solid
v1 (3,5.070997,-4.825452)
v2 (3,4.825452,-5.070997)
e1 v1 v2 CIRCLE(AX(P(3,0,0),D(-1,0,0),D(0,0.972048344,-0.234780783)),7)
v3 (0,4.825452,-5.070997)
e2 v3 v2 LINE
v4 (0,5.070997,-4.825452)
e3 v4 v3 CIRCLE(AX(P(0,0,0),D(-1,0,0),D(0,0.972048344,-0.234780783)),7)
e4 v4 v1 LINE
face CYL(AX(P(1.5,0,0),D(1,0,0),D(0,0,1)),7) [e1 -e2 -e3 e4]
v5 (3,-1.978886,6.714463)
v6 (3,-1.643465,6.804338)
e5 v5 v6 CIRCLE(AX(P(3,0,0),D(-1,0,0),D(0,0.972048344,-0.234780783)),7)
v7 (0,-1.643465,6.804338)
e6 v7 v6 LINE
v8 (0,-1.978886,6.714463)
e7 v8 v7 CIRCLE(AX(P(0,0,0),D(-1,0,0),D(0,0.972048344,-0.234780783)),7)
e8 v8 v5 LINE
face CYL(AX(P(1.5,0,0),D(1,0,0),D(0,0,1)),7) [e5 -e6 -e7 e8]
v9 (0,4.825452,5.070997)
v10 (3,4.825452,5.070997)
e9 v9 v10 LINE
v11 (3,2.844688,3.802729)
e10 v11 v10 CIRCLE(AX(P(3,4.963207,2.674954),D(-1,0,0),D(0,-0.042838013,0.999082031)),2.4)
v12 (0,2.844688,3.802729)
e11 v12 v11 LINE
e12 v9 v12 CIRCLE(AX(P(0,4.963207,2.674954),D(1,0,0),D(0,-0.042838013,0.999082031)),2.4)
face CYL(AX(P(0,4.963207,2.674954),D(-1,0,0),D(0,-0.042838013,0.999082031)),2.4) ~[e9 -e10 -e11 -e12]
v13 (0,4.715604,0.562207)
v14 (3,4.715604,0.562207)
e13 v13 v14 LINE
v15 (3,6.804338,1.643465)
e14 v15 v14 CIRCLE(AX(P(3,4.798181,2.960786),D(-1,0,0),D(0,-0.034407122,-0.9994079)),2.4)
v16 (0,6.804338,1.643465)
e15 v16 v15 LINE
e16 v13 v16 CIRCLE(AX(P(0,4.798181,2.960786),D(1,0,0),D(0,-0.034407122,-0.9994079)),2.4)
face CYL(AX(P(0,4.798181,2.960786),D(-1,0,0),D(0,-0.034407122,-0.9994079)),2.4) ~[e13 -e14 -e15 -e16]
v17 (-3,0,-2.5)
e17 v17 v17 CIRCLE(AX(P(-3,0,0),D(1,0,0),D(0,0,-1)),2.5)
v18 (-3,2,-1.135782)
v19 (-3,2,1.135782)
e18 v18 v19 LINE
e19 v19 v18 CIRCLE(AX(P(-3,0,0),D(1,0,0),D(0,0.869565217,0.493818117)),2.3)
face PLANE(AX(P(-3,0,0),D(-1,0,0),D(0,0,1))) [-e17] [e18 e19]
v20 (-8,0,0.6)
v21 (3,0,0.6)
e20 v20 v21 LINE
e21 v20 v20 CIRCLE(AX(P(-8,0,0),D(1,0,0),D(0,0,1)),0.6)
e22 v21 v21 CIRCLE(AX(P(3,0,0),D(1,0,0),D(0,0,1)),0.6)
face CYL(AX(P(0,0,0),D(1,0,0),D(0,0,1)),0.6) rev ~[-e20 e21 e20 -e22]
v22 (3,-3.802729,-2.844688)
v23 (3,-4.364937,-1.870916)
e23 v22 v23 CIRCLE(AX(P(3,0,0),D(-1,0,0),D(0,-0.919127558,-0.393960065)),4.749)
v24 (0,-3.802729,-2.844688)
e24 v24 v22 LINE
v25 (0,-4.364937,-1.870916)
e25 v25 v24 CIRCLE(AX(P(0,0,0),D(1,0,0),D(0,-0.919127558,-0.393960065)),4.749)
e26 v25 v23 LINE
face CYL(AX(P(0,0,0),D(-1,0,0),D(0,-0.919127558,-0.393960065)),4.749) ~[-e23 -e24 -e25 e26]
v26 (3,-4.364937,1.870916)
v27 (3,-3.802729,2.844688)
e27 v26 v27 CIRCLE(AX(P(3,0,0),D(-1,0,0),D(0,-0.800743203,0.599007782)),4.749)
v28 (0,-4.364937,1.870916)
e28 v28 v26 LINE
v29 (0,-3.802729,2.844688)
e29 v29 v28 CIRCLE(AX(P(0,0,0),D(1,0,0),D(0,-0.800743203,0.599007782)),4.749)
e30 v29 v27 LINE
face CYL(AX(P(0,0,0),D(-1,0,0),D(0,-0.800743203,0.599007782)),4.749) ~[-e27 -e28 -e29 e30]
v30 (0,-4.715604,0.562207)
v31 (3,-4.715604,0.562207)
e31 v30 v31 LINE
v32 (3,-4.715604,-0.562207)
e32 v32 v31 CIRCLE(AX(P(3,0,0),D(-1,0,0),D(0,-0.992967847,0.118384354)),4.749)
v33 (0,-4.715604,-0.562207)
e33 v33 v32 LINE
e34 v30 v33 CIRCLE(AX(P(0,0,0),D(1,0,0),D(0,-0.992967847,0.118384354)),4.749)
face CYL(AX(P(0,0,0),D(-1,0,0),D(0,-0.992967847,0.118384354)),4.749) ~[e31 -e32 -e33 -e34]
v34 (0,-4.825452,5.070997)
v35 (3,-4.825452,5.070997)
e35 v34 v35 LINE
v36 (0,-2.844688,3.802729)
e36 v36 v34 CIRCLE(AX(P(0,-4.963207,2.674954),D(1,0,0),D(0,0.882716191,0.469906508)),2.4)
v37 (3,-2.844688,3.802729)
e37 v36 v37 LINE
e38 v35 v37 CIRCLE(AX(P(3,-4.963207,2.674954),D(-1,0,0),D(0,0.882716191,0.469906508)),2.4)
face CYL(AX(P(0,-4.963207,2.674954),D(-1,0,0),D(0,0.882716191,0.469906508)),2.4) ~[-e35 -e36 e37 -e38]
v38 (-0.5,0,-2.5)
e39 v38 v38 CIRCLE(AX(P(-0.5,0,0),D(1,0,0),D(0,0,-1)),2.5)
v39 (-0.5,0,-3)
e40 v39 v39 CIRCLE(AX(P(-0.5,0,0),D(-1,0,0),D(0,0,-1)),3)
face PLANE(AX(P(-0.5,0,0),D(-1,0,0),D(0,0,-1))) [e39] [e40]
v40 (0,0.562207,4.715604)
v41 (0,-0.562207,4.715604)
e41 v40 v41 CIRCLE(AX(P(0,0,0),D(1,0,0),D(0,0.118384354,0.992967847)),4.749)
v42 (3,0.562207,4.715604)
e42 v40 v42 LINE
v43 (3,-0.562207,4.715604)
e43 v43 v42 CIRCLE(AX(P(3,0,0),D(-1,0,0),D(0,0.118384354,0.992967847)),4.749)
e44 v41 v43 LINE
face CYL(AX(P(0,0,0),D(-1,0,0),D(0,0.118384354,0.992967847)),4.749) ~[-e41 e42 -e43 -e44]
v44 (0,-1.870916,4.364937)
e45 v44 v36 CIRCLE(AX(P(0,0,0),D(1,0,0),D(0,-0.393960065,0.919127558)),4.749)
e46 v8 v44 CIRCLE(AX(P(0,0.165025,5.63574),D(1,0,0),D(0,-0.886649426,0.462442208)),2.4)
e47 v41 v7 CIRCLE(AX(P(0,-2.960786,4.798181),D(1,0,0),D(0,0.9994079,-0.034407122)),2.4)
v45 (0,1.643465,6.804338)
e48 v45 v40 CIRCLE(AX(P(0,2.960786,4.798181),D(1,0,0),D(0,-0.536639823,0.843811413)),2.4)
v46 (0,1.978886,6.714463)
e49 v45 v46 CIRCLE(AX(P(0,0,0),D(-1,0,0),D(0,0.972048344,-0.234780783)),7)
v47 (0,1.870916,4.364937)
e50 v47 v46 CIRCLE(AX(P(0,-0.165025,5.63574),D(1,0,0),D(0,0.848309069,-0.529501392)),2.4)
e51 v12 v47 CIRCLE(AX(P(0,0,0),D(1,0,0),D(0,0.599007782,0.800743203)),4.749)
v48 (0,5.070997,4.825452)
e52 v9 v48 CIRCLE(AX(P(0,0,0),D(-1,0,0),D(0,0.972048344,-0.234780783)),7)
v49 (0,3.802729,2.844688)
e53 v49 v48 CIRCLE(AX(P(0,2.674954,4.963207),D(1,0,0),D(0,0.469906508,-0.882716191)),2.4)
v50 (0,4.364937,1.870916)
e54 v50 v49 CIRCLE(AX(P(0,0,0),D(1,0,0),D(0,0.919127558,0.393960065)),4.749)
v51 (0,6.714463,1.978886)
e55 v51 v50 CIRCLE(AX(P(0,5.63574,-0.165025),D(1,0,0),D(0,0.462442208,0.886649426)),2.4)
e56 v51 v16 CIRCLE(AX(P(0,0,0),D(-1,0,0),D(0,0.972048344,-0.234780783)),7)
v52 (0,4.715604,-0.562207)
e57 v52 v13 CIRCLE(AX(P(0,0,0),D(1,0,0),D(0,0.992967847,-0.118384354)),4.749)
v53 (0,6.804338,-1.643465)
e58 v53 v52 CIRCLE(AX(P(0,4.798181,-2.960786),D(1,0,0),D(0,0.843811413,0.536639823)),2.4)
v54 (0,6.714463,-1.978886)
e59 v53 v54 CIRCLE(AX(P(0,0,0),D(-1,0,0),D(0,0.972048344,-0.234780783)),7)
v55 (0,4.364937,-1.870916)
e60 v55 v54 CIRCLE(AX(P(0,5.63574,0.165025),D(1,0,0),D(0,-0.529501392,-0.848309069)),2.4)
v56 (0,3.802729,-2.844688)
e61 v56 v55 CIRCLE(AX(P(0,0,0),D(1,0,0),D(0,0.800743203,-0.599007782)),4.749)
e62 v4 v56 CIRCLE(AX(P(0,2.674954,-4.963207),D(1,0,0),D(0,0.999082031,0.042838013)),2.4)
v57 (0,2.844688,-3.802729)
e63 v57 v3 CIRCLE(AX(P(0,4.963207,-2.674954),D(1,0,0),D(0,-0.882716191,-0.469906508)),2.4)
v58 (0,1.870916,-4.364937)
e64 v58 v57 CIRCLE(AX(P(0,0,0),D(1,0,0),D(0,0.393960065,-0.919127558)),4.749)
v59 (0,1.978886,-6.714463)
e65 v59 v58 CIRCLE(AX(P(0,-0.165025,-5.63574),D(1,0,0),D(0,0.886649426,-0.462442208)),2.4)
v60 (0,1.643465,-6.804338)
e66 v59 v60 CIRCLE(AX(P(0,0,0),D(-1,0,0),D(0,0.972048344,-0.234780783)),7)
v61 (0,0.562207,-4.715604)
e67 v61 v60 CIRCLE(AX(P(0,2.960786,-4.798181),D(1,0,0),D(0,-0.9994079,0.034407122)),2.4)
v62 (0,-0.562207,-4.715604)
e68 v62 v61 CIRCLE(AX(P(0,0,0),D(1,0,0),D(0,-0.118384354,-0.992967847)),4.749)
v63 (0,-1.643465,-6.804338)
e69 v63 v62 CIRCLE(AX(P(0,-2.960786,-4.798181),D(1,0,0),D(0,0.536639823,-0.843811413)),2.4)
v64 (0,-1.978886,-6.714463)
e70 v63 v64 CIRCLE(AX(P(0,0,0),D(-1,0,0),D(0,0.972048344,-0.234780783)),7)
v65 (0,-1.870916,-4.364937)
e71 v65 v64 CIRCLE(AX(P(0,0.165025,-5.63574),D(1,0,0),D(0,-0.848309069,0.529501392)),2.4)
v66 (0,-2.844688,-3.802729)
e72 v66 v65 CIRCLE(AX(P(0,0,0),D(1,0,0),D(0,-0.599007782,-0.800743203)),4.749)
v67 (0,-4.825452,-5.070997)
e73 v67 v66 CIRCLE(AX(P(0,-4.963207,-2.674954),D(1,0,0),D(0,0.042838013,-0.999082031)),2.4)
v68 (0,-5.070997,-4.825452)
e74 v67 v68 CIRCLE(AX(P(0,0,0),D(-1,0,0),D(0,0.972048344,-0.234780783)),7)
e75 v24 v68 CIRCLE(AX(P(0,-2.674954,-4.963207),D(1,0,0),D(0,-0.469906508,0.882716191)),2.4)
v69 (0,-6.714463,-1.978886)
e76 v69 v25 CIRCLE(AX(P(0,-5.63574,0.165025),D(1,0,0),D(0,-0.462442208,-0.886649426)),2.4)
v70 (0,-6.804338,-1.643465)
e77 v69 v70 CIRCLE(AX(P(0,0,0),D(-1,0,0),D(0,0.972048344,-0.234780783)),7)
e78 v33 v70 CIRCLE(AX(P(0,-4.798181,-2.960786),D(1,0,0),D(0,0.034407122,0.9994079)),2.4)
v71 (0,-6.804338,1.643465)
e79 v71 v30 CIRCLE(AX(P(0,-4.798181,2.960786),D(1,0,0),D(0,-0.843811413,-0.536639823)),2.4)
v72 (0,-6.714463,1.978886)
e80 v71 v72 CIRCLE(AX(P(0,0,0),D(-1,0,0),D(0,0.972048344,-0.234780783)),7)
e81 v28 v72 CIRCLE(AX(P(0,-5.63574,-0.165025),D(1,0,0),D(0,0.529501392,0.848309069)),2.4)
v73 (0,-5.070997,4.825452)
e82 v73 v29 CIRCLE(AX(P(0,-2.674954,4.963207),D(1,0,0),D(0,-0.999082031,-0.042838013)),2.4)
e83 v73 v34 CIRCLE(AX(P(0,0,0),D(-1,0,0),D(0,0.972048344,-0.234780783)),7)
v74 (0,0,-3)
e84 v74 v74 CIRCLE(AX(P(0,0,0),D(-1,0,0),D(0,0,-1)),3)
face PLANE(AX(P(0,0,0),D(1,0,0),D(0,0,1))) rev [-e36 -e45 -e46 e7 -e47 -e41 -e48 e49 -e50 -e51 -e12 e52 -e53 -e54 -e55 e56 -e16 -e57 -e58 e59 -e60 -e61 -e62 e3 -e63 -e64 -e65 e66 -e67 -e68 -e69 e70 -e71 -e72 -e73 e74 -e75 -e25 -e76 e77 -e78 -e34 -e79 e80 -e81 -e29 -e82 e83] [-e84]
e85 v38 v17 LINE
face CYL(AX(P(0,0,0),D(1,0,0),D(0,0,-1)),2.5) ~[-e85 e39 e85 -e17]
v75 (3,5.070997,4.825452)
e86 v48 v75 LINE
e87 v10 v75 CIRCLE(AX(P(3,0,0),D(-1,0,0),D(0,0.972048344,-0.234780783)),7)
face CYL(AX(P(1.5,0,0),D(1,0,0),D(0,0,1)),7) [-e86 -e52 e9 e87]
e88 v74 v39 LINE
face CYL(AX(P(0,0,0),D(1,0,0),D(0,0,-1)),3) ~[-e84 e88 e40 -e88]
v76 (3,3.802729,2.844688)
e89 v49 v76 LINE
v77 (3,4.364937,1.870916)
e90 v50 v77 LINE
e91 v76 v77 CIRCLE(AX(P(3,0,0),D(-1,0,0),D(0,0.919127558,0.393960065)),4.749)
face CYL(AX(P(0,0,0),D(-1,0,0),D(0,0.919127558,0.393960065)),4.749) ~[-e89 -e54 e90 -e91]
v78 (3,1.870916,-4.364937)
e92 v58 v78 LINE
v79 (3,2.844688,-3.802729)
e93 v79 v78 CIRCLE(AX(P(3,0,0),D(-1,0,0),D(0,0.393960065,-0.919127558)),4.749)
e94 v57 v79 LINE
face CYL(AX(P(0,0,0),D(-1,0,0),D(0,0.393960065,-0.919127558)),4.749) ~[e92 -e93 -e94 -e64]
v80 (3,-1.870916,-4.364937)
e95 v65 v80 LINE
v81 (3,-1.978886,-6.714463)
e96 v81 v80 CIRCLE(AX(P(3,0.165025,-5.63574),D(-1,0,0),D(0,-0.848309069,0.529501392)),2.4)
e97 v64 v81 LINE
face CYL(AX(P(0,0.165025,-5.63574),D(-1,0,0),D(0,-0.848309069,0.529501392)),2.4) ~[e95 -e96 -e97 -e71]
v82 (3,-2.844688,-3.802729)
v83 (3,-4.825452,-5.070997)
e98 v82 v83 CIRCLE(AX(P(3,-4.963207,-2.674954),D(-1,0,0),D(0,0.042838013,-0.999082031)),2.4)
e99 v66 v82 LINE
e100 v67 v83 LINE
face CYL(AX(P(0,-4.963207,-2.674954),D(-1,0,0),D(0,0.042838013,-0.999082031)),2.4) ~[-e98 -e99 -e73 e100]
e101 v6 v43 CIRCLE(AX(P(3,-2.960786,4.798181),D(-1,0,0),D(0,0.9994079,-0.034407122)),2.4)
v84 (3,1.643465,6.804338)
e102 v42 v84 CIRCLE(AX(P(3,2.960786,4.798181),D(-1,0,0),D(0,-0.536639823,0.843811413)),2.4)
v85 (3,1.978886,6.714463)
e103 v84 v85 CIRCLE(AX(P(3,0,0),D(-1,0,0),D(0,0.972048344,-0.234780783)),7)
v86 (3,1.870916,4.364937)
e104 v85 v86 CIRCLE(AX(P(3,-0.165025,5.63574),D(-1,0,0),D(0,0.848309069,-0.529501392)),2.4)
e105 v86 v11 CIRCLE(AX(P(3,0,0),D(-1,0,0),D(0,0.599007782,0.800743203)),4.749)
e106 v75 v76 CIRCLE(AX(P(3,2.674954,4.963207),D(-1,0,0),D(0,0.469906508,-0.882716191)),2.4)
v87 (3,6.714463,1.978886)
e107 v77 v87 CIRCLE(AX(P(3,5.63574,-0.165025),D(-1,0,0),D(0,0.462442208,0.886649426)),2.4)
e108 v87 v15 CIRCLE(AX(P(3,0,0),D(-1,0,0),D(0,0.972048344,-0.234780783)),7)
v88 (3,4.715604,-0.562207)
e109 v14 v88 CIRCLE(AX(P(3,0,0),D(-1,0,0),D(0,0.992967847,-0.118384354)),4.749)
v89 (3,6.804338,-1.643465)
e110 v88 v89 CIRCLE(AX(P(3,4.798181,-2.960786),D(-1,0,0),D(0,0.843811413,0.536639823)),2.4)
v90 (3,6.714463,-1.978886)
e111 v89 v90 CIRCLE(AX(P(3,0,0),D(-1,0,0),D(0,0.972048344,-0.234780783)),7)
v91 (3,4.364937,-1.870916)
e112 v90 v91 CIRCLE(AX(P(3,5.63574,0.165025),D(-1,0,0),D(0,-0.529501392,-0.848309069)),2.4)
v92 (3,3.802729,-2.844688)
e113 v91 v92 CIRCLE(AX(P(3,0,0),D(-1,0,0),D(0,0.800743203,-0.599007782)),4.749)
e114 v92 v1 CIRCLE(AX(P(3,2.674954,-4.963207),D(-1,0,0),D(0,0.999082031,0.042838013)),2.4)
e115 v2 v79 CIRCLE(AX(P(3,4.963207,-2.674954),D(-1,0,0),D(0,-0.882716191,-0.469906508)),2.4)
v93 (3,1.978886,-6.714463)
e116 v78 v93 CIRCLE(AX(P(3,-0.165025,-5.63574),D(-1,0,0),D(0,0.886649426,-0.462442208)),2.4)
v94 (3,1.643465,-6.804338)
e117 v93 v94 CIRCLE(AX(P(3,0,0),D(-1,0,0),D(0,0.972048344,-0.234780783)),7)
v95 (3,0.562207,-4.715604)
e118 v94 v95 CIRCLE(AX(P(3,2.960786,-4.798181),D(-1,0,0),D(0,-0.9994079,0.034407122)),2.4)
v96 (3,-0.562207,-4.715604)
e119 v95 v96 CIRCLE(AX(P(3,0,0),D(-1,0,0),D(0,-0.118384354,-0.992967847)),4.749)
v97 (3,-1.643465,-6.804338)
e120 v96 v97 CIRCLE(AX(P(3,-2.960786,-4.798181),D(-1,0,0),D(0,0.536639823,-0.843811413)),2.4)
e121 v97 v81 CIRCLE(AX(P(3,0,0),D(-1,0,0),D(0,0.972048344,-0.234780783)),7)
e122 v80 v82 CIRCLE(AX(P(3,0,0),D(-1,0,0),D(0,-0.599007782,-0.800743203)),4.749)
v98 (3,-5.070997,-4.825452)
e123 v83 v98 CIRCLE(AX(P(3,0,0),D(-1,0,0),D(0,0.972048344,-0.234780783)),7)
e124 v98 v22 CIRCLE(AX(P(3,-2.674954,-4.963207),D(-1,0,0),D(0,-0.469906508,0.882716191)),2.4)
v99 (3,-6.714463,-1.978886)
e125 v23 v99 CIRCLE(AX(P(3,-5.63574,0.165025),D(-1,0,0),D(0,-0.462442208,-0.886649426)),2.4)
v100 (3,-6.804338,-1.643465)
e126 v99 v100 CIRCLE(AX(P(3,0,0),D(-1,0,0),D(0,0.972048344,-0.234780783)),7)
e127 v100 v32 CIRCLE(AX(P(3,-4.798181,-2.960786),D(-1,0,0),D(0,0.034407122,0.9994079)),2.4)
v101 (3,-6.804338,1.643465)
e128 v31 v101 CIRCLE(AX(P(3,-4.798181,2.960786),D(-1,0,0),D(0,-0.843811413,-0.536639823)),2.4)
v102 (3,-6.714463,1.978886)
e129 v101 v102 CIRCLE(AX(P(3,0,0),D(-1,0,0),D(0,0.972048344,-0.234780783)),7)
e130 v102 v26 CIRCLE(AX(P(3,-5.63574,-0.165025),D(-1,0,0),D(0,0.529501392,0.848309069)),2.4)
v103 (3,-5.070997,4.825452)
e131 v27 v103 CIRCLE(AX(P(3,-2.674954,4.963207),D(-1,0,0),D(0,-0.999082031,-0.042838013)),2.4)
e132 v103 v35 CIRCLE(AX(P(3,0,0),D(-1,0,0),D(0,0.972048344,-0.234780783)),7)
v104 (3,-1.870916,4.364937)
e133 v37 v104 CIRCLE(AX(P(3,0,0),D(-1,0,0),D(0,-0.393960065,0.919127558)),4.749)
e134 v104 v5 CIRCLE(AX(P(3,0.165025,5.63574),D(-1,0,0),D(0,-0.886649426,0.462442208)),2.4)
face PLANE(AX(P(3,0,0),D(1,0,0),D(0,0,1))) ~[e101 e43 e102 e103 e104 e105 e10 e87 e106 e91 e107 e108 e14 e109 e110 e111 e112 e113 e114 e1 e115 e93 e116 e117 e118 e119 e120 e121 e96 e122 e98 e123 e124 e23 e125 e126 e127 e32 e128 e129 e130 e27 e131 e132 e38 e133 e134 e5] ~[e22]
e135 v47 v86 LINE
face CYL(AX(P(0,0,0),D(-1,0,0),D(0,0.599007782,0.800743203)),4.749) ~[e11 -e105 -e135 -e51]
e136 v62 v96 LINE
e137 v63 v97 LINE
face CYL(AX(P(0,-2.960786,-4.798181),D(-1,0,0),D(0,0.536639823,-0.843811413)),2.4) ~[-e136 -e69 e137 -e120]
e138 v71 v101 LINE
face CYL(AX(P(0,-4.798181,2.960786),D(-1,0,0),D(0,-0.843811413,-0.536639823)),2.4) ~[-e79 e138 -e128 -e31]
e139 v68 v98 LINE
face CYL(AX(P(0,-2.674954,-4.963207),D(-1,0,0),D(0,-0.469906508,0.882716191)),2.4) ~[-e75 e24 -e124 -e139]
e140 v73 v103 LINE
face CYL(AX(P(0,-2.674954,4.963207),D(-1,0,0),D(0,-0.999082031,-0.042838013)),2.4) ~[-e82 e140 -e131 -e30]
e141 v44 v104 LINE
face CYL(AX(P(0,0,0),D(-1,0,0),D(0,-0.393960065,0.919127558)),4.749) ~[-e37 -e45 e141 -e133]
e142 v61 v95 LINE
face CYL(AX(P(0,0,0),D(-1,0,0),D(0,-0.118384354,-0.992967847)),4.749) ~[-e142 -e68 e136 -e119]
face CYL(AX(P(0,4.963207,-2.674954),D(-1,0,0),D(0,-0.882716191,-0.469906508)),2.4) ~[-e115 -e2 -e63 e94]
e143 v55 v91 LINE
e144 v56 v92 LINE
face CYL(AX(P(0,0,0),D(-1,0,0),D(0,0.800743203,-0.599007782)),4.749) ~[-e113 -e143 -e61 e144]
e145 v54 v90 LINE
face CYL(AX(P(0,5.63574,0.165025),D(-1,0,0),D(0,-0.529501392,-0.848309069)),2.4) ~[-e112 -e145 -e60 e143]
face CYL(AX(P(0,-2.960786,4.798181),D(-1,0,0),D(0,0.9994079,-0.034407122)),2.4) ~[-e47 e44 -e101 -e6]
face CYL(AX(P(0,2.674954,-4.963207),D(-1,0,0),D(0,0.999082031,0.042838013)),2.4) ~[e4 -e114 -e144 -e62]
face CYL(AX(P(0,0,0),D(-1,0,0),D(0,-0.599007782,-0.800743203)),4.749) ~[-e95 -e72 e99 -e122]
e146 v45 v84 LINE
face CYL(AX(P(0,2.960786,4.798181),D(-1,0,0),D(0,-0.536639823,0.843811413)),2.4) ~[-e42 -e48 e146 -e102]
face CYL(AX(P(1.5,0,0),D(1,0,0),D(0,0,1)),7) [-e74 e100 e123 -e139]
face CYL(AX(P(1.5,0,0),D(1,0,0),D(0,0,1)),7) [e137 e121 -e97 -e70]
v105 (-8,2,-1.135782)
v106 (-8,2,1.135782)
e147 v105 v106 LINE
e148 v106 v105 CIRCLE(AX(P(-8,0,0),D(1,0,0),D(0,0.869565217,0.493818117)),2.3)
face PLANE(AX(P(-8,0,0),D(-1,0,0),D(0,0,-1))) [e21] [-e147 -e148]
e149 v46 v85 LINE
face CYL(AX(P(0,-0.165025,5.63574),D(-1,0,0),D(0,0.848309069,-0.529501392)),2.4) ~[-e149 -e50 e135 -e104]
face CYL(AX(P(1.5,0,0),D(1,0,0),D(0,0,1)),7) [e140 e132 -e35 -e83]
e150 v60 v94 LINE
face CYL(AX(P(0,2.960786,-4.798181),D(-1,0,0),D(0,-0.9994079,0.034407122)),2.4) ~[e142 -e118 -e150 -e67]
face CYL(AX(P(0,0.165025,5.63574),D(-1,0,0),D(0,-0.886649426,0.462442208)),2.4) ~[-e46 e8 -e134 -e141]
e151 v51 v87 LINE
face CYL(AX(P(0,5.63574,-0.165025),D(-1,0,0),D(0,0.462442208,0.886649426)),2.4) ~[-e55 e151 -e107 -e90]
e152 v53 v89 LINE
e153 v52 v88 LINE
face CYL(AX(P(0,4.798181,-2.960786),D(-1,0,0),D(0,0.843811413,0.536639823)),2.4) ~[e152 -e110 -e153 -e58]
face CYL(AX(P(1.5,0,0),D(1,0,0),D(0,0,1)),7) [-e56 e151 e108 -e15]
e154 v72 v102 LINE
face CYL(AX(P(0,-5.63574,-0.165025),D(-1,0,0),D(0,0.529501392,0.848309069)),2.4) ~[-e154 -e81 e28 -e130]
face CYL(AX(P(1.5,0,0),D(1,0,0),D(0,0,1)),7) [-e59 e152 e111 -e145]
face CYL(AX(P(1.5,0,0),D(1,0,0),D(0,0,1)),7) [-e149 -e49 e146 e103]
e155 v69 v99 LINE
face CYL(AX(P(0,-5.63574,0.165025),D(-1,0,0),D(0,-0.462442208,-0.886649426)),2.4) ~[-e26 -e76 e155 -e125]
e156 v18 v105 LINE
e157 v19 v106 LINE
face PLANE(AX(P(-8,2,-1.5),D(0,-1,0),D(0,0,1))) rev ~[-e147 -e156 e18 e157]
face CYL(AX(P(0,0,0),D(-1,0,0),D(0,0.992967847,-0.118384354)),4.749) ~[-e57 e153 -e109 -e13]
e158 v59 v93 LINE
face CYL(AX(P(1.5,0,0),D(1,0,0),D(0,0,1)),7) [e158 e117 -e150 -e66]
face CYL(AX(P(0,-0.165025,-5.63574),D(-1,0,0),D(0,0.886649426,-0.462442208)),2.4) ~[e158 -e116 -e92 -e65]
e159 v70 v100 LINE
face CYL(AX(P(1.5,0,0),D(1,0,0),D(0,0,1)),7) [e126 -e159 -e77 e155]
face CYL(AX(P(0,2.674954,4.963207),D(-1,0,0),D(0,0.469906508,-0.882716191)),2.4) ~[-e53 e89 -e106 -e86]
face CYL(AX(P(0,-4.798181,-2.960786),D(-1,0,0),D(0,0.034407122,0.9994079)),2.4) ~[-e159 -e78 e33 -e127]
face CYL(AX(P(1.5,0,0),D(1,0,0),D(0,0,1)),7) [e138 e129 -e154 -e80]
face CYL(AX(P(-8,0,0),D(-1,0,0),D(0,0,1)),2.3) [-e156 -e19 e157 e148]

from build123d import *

# Parameters (mm, degrees)
BASPROSKE_W         = 3
BASPROSKE_H         = 7
TOOTHCUT_DEPTH      = 11.344080433
TEETHCUTS_COUNT     = 12
HUBNEAONESKE_R      = 2.5
HUBNEARONE_DEPTH    = 8
BORSKE_R            = 0.6
BORE_DEPTH          = 15.0000508
CUT_EXTRUDE_4_DEPTH = 5
SKETCH_2_R          = 3
SKETCH_2_R_2        = 2.5
EXTRUDE_1_DEPTH     = 0.5
SKETCH_3_OUTSIDE_W  = 20.042
SKETCH_3_OUTSIDE_H  = 20.042
SKETCH_3_OUTSIDE_R  = 2.3
CUT_EXTRUDE_5_DEPTH = 5


with BuildPart() as part:
    # BasProSke → Base-Revolve (revolve)
    with BuildSketch(Plane(origin=(0, 0, 0), x_dir=(1, 0, 0), z_dir=(0, 1, 0)), mode=Mode.PRIVATE) as base_revolve_sk:
        with Locations((1.5, 3.5)):
            Rectangle(BASPROSKE_W, BASPROSKE_H)
    revolve(base_revolve_sk.sketch.rotate(Axis((-10, 0, 0), (1, 0, 0)), 180), axis=Axis((-10, 0, 0), (1, 0, 0)))

    # TooCutSke → ToothCut (cut, through all)
    with BuildSketch(Plane(origin=(0, 0, 0), x_dir=(0, 0, -1), z_dir=(1, 0, 0))):
        with BuildLine():
            ThreePointArc((0.562207301, 4.715604304), (0, 4.749), (-0.562207301, 4.715604304))
            ThreePointArc((-0.562207301, 4.715604304), (-0.837528627, 5.917009812), (-1.672850686, 6.823328788))
            ThreePointArc((-1.672850686, 6.823328788), (0, 7.0254), (1.672850686, 6.823328788))
            ThreePointArc((1.672850686, 6.823328788), (0.837528627, 5.917009812), (0.562207301, 4.715604304))
        make_face()
    toothcut = extrude(amount=TOOTHCUT_DEPTH, mode=Mode.SUBTRACT)

    # TeethCuts: ToothCut ×12 about axis
    teethcuts_axis = Axis((0, 0, 0), (1, 0, 0))
    for i in range(1, TEETHCUTS_COUNT):
        add(toothcut.rotate(teethcuts_axis, i * 360 / TEETHCUTS_COUNT), mode=Mode.SUBTRACT)

    # HubNeaOneSke → HubNearOne (add)
    with BuildSketch(Plane.ZY):
        with Locations(Location((0, 0, 0), (0, 0, 180))):
            Circle(HUBNEAONESKE_R)
    extrude(amount=HUBNEARONE_DEPTH)

    # BorSke → Bore (cut, symmetric)
    with BuildSketch(Plane(origin=(0, 0, 0), x_dir=(0, 0, -1), z_dir=(1, 0, 0))):
        with Locations(Location((0, 0, 0), (0, 0, 180))):
            Circle(BORSKE_R)
    extrude(amount=BORE_DEPTH, both=True, mode=Mode.SUBTRACT)

    # 草图1 → 切除-拉伸4 (cut)
    with BuildSketch(Plane.ZY.offset(8)):
        with BuildLine():
            Line((-1.5, 2), (1.5, 2))
            ThreePointArc((1.5, 2), (0, 2.5), (-1.5, 2))
        make_face()
    extrude(amount=-CUT_EXTRUDE_4_DEPTH, mode=Mode.SUBTRACT)

    # 草图2 → 凸台-拉伸1 (add)
    with BuildSketch(Plane.ZY):
        with Locations(Location((0, 0, 0), (0, 0, 180))):
            Circle(SKETCH_2_R)
        with Locations(Location((0, 0, 0), (0, 0, 126.869897646))):
            Circle(SKETCH_2_R_2, mode=Mode.SUBTRACT)
    extrude(amount=EXTRUDE_1_DEPTH)

    # 草图3 outside → 切除-拉伸5 (cut)
    with BuildSketch(Plane.ZY.offset(8)):
        Rectangle(SKETCH_3_OUTSIDE_W, SKETCH_3_OUTSIDE_H)
        Circle(SKETCH_3_OUTSIDE_R, mode=Mode.SUBTRACT)
    extrude(amount=-CUT_EXTRUDE_5_DEPTH, mode=Mode.SUBTRACT)


solid = part.part
